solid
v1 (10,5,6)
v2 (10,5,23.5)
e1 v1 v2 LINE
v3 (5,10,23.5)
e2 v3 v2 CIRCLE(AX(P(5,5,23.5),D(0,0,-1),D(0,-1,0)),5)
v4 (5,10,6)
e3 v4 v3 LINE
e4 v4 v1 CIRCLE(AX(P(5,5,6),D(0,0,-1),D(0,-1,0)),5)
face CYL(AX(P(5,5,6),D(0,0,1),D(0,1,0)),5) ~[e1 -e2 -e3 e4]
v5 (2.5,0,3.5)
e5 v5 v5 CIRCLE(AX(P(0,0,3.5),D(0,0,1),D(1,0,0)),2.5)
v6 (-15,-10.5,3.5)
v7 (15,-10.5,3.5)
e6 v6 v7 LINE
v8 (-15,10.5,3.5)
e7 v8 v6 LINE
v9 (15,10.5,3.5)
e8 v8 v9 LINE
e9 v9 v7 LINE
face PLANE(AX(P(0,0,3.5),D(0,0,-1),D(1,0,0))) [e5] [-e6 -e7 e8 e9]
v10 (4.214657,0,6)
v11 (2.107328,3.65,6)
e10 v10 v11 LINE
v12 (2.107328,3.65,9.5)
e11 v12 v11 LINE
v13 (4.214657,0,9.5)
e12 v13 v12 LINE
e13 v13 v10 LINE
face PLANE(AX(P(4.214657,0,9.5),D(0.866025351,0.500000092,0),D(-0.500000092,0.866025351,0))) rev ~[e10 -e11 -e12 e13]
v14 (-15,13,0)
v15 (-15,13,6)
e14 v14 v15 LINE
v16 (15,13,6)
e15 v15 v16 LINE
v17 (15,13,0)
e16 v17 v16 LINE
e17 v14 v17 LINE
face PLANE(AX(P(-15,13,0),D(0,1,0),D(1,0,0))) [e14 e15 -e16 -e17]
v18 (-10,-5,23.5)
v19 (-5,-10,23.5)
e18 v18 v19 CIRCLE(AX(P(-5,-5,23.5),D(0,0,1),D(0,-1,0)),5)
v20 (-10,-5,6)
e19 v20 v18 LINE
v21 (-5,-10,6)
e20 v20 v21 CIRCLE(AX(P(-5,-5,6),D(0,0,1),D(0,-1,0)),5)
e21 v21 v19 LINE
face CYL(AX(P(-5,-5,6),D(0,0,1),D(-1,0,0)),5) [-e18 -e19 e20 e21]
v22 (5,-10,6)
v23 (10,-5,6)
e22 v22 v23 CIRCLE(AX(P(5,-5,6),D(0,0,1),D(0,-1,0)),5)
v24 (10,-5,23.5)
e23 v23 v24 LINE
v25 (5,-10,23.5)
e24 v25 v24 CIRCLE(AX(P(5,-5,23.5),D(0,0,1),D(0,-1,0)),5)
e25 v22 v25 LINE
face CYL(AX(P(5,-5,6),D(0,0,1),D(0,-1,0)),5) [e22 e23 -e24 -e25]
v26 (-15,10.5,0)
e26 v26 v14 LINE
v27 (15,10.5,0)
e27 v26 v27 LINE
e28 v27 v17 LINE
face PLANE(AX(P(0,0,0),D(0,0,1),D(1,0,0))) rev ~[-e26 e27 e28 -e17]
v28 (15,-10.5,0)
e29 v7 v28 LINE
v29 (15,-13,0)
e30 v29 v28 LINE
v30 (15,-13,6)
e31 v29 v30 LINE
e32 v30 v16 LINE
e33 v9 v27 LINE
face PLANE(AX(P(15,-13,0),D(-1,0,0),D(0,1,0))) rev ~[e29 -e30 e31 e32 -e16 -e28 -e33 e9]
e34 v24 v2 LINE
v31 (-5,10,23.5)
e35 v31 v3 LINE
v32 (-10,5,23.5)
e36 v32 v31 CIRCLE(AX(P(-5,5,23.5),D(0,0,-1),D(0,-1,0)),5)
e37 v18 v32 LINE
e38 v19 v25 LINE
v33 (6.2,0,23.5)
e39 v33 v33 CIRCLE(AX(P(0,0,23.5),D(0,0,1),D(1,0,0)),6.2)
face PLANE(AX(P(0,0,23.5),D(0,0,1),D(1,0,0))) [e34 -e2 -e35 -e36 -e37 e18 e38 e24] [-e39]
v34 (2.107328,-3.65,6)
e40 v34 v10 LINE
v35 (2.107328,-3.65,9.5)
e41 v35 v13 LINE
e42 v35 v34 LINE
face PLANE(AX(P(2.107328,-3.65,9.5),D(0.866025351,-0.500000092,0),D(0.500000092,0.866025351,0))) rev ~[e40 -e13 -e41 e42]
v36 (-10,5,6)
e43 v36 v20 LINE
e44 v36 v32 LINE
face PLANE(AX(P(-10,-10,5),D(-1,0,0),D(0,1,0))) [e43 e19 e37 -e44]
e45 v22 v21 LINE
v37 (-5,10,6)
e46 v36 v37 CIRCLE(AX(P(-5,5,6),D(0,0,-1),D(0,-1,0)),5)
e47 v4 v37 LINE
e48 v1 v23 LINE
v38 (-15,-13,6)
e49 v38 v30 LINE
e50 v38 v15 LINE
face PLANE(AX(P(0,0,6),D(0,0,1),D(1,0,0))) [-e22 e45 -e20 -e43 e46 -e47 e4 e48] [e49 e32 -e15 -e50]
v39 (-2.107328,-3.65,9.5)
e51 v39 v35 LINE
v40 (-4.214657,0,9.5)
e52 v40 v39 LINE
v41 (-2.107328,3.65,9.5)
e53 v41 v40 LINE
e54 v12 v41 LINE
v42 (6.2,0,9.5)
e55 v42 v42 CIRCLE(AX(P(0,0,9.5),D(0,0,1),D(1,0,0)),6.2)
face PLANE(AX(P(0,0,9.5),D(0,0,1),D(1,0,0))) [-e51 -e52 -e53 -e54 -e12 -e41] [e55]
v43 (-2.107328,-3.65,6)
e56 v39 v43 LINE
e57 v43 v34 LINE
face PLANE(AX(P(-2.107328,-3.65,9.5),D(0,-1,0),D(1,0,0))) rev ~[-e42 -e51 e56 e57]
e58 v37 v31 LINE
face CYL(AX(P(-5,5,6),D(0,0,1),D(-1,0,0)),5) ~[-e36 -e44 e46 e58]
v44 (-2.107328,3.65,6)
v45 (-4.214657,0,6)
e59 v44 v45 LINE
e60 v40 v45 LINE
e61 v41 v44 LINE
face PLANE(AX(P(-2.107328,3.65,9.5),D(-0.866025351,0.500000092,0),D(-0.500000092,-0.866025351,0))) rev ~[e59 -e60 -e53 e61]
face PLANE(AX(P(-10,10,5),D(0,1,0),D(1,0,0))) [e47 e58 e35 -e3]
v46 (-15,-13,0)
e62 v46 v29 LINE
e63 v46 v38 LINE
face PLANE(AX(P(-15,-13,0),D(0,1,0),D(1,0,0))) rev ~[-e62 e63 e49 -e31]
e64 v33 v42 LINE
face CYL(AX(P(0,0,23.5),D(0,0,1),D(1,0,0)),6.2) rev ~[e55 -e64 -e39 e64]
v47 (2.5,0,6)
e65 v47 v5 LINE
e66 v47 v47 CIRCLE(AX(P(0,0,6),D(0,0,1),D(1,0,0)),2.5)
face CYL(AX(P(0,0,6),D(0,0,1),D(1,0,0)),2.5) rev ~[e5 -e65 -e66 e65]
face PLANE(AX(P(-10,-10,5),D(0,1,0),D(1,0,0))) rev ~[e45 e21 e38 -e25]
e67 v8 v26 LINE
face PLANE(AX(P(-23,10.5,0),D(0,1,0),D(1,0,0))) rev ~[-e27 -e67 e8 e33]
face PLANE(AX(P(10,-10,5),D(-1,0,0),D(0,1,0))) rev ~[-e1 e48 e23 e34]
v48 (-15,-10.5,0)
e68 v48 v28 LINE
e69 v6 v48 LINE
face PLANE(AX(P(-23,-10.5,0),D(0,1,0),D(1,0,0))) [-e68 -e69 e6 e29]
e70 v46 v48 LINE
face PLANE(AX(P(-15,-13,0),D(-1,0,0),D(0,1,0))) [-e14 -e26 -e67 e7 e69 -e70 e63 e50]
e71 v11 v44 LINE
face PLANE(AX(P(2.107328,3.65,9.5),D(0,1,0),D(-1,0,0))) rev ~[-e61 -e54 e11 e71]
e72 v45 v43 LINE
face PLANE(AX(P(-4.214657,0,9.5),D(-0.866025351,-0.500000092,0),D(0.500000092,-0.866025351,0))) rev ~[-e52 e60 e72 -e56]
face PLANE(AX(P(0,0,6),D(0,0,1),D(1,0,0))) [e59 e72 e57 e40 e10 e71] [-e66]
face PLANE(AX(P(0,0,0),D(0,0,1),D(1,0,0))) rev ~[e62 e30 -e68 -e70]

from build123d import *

# Parameters (mm, degrees)
SKETCH_W        = 30
SKETCH_H        = 26
PAD_DEPTH       = 6
SKETCH001_W     = 46
SKETCH001_H     = 21
POCKET_DEPTH    = 3.5
SKETCH003_W     = 20
SKETCH003_H     = 20
PAD001_DEPTH    = 18.5
SKETCH004_R     = 6.2
POCKET001_DEPTH = 14
POCKET002_DEPTH = 3.5
SKETCH006_R     = 2.5
POCKET003_DEPTH = 6.001
FILLET_R        = 5


with BuildPart() as part:
    # Sketch → Pad (new body)
    with BuildSketch(Plane.XY):
        Rectangle(SKETCH_W, SKETCH_H)
    extrude(amount=PAD_DEPTH)

    # Sketch001 (on Face5 of Pad) → Pocket (cut)
    with BuildSketch(Plane(origin=(0, 0, 0), x_dir=(1, 0, 0), z_dir=(0, 0, -1))):
        Rectangle(SKETCH001_W, SKETCH001_H)
    extrude(amount=-POCKET_DEPTH, mode=Mode.SUBTRACT)

    # Sketch003 → Pad001 (join)
    with BuildSketch(Plane.XY.offset(5)):
        Rectangle(SKETCH003_W, SKETCH003_H)
    extrude(amount=PAD001_DEPTH)

    # Sketch004 (on Face15 of Pad001) → Pocket001 (cut)
    with BuildSketch(Plane.XY.offset(23.5)):
        Circle(SKETCH004_R)
    extrude(amount=-POCKET001_DEPTH, mode=Mode.SUBTRACT)

    # Sketch005 (on Face17 of Pocket001) → Pocket002 (cut)
    with BuildSketch(Plane.XY.offset(9.5)):
        Polygon((2.107328, -3.65), (4.214657, 0), (2.107328, 3.65), (-2.107328, 3.65), (-4.214657, 0), (-2.107328, -3.65), align=None)
    extrude(amount=-POCKET002_DEPTH, mode=Mode.SUBTRACT)

    # Sketch006 (on Face24 of Pocket002) → Pocket003 (cut, through all)
    with BuildSketch(Plane.XY.offset(6)):
        Circle(SKETCH006_R)
    extrude(amount=-POCKET003_DEPTH, mode=Mode.SUBTRACT)

    # Fillet
    fillet_edges = [part.edges().sort_by_distance(p)[0] for p in [
        (-10, 10, 14.75),
        (10, 10, 14.75),
        (10, -10, 14.75),
        (-10, -10, 14.75),
    ]]
    fillet(fillet_edges, radius=FILLET_R)


solid = part.part
